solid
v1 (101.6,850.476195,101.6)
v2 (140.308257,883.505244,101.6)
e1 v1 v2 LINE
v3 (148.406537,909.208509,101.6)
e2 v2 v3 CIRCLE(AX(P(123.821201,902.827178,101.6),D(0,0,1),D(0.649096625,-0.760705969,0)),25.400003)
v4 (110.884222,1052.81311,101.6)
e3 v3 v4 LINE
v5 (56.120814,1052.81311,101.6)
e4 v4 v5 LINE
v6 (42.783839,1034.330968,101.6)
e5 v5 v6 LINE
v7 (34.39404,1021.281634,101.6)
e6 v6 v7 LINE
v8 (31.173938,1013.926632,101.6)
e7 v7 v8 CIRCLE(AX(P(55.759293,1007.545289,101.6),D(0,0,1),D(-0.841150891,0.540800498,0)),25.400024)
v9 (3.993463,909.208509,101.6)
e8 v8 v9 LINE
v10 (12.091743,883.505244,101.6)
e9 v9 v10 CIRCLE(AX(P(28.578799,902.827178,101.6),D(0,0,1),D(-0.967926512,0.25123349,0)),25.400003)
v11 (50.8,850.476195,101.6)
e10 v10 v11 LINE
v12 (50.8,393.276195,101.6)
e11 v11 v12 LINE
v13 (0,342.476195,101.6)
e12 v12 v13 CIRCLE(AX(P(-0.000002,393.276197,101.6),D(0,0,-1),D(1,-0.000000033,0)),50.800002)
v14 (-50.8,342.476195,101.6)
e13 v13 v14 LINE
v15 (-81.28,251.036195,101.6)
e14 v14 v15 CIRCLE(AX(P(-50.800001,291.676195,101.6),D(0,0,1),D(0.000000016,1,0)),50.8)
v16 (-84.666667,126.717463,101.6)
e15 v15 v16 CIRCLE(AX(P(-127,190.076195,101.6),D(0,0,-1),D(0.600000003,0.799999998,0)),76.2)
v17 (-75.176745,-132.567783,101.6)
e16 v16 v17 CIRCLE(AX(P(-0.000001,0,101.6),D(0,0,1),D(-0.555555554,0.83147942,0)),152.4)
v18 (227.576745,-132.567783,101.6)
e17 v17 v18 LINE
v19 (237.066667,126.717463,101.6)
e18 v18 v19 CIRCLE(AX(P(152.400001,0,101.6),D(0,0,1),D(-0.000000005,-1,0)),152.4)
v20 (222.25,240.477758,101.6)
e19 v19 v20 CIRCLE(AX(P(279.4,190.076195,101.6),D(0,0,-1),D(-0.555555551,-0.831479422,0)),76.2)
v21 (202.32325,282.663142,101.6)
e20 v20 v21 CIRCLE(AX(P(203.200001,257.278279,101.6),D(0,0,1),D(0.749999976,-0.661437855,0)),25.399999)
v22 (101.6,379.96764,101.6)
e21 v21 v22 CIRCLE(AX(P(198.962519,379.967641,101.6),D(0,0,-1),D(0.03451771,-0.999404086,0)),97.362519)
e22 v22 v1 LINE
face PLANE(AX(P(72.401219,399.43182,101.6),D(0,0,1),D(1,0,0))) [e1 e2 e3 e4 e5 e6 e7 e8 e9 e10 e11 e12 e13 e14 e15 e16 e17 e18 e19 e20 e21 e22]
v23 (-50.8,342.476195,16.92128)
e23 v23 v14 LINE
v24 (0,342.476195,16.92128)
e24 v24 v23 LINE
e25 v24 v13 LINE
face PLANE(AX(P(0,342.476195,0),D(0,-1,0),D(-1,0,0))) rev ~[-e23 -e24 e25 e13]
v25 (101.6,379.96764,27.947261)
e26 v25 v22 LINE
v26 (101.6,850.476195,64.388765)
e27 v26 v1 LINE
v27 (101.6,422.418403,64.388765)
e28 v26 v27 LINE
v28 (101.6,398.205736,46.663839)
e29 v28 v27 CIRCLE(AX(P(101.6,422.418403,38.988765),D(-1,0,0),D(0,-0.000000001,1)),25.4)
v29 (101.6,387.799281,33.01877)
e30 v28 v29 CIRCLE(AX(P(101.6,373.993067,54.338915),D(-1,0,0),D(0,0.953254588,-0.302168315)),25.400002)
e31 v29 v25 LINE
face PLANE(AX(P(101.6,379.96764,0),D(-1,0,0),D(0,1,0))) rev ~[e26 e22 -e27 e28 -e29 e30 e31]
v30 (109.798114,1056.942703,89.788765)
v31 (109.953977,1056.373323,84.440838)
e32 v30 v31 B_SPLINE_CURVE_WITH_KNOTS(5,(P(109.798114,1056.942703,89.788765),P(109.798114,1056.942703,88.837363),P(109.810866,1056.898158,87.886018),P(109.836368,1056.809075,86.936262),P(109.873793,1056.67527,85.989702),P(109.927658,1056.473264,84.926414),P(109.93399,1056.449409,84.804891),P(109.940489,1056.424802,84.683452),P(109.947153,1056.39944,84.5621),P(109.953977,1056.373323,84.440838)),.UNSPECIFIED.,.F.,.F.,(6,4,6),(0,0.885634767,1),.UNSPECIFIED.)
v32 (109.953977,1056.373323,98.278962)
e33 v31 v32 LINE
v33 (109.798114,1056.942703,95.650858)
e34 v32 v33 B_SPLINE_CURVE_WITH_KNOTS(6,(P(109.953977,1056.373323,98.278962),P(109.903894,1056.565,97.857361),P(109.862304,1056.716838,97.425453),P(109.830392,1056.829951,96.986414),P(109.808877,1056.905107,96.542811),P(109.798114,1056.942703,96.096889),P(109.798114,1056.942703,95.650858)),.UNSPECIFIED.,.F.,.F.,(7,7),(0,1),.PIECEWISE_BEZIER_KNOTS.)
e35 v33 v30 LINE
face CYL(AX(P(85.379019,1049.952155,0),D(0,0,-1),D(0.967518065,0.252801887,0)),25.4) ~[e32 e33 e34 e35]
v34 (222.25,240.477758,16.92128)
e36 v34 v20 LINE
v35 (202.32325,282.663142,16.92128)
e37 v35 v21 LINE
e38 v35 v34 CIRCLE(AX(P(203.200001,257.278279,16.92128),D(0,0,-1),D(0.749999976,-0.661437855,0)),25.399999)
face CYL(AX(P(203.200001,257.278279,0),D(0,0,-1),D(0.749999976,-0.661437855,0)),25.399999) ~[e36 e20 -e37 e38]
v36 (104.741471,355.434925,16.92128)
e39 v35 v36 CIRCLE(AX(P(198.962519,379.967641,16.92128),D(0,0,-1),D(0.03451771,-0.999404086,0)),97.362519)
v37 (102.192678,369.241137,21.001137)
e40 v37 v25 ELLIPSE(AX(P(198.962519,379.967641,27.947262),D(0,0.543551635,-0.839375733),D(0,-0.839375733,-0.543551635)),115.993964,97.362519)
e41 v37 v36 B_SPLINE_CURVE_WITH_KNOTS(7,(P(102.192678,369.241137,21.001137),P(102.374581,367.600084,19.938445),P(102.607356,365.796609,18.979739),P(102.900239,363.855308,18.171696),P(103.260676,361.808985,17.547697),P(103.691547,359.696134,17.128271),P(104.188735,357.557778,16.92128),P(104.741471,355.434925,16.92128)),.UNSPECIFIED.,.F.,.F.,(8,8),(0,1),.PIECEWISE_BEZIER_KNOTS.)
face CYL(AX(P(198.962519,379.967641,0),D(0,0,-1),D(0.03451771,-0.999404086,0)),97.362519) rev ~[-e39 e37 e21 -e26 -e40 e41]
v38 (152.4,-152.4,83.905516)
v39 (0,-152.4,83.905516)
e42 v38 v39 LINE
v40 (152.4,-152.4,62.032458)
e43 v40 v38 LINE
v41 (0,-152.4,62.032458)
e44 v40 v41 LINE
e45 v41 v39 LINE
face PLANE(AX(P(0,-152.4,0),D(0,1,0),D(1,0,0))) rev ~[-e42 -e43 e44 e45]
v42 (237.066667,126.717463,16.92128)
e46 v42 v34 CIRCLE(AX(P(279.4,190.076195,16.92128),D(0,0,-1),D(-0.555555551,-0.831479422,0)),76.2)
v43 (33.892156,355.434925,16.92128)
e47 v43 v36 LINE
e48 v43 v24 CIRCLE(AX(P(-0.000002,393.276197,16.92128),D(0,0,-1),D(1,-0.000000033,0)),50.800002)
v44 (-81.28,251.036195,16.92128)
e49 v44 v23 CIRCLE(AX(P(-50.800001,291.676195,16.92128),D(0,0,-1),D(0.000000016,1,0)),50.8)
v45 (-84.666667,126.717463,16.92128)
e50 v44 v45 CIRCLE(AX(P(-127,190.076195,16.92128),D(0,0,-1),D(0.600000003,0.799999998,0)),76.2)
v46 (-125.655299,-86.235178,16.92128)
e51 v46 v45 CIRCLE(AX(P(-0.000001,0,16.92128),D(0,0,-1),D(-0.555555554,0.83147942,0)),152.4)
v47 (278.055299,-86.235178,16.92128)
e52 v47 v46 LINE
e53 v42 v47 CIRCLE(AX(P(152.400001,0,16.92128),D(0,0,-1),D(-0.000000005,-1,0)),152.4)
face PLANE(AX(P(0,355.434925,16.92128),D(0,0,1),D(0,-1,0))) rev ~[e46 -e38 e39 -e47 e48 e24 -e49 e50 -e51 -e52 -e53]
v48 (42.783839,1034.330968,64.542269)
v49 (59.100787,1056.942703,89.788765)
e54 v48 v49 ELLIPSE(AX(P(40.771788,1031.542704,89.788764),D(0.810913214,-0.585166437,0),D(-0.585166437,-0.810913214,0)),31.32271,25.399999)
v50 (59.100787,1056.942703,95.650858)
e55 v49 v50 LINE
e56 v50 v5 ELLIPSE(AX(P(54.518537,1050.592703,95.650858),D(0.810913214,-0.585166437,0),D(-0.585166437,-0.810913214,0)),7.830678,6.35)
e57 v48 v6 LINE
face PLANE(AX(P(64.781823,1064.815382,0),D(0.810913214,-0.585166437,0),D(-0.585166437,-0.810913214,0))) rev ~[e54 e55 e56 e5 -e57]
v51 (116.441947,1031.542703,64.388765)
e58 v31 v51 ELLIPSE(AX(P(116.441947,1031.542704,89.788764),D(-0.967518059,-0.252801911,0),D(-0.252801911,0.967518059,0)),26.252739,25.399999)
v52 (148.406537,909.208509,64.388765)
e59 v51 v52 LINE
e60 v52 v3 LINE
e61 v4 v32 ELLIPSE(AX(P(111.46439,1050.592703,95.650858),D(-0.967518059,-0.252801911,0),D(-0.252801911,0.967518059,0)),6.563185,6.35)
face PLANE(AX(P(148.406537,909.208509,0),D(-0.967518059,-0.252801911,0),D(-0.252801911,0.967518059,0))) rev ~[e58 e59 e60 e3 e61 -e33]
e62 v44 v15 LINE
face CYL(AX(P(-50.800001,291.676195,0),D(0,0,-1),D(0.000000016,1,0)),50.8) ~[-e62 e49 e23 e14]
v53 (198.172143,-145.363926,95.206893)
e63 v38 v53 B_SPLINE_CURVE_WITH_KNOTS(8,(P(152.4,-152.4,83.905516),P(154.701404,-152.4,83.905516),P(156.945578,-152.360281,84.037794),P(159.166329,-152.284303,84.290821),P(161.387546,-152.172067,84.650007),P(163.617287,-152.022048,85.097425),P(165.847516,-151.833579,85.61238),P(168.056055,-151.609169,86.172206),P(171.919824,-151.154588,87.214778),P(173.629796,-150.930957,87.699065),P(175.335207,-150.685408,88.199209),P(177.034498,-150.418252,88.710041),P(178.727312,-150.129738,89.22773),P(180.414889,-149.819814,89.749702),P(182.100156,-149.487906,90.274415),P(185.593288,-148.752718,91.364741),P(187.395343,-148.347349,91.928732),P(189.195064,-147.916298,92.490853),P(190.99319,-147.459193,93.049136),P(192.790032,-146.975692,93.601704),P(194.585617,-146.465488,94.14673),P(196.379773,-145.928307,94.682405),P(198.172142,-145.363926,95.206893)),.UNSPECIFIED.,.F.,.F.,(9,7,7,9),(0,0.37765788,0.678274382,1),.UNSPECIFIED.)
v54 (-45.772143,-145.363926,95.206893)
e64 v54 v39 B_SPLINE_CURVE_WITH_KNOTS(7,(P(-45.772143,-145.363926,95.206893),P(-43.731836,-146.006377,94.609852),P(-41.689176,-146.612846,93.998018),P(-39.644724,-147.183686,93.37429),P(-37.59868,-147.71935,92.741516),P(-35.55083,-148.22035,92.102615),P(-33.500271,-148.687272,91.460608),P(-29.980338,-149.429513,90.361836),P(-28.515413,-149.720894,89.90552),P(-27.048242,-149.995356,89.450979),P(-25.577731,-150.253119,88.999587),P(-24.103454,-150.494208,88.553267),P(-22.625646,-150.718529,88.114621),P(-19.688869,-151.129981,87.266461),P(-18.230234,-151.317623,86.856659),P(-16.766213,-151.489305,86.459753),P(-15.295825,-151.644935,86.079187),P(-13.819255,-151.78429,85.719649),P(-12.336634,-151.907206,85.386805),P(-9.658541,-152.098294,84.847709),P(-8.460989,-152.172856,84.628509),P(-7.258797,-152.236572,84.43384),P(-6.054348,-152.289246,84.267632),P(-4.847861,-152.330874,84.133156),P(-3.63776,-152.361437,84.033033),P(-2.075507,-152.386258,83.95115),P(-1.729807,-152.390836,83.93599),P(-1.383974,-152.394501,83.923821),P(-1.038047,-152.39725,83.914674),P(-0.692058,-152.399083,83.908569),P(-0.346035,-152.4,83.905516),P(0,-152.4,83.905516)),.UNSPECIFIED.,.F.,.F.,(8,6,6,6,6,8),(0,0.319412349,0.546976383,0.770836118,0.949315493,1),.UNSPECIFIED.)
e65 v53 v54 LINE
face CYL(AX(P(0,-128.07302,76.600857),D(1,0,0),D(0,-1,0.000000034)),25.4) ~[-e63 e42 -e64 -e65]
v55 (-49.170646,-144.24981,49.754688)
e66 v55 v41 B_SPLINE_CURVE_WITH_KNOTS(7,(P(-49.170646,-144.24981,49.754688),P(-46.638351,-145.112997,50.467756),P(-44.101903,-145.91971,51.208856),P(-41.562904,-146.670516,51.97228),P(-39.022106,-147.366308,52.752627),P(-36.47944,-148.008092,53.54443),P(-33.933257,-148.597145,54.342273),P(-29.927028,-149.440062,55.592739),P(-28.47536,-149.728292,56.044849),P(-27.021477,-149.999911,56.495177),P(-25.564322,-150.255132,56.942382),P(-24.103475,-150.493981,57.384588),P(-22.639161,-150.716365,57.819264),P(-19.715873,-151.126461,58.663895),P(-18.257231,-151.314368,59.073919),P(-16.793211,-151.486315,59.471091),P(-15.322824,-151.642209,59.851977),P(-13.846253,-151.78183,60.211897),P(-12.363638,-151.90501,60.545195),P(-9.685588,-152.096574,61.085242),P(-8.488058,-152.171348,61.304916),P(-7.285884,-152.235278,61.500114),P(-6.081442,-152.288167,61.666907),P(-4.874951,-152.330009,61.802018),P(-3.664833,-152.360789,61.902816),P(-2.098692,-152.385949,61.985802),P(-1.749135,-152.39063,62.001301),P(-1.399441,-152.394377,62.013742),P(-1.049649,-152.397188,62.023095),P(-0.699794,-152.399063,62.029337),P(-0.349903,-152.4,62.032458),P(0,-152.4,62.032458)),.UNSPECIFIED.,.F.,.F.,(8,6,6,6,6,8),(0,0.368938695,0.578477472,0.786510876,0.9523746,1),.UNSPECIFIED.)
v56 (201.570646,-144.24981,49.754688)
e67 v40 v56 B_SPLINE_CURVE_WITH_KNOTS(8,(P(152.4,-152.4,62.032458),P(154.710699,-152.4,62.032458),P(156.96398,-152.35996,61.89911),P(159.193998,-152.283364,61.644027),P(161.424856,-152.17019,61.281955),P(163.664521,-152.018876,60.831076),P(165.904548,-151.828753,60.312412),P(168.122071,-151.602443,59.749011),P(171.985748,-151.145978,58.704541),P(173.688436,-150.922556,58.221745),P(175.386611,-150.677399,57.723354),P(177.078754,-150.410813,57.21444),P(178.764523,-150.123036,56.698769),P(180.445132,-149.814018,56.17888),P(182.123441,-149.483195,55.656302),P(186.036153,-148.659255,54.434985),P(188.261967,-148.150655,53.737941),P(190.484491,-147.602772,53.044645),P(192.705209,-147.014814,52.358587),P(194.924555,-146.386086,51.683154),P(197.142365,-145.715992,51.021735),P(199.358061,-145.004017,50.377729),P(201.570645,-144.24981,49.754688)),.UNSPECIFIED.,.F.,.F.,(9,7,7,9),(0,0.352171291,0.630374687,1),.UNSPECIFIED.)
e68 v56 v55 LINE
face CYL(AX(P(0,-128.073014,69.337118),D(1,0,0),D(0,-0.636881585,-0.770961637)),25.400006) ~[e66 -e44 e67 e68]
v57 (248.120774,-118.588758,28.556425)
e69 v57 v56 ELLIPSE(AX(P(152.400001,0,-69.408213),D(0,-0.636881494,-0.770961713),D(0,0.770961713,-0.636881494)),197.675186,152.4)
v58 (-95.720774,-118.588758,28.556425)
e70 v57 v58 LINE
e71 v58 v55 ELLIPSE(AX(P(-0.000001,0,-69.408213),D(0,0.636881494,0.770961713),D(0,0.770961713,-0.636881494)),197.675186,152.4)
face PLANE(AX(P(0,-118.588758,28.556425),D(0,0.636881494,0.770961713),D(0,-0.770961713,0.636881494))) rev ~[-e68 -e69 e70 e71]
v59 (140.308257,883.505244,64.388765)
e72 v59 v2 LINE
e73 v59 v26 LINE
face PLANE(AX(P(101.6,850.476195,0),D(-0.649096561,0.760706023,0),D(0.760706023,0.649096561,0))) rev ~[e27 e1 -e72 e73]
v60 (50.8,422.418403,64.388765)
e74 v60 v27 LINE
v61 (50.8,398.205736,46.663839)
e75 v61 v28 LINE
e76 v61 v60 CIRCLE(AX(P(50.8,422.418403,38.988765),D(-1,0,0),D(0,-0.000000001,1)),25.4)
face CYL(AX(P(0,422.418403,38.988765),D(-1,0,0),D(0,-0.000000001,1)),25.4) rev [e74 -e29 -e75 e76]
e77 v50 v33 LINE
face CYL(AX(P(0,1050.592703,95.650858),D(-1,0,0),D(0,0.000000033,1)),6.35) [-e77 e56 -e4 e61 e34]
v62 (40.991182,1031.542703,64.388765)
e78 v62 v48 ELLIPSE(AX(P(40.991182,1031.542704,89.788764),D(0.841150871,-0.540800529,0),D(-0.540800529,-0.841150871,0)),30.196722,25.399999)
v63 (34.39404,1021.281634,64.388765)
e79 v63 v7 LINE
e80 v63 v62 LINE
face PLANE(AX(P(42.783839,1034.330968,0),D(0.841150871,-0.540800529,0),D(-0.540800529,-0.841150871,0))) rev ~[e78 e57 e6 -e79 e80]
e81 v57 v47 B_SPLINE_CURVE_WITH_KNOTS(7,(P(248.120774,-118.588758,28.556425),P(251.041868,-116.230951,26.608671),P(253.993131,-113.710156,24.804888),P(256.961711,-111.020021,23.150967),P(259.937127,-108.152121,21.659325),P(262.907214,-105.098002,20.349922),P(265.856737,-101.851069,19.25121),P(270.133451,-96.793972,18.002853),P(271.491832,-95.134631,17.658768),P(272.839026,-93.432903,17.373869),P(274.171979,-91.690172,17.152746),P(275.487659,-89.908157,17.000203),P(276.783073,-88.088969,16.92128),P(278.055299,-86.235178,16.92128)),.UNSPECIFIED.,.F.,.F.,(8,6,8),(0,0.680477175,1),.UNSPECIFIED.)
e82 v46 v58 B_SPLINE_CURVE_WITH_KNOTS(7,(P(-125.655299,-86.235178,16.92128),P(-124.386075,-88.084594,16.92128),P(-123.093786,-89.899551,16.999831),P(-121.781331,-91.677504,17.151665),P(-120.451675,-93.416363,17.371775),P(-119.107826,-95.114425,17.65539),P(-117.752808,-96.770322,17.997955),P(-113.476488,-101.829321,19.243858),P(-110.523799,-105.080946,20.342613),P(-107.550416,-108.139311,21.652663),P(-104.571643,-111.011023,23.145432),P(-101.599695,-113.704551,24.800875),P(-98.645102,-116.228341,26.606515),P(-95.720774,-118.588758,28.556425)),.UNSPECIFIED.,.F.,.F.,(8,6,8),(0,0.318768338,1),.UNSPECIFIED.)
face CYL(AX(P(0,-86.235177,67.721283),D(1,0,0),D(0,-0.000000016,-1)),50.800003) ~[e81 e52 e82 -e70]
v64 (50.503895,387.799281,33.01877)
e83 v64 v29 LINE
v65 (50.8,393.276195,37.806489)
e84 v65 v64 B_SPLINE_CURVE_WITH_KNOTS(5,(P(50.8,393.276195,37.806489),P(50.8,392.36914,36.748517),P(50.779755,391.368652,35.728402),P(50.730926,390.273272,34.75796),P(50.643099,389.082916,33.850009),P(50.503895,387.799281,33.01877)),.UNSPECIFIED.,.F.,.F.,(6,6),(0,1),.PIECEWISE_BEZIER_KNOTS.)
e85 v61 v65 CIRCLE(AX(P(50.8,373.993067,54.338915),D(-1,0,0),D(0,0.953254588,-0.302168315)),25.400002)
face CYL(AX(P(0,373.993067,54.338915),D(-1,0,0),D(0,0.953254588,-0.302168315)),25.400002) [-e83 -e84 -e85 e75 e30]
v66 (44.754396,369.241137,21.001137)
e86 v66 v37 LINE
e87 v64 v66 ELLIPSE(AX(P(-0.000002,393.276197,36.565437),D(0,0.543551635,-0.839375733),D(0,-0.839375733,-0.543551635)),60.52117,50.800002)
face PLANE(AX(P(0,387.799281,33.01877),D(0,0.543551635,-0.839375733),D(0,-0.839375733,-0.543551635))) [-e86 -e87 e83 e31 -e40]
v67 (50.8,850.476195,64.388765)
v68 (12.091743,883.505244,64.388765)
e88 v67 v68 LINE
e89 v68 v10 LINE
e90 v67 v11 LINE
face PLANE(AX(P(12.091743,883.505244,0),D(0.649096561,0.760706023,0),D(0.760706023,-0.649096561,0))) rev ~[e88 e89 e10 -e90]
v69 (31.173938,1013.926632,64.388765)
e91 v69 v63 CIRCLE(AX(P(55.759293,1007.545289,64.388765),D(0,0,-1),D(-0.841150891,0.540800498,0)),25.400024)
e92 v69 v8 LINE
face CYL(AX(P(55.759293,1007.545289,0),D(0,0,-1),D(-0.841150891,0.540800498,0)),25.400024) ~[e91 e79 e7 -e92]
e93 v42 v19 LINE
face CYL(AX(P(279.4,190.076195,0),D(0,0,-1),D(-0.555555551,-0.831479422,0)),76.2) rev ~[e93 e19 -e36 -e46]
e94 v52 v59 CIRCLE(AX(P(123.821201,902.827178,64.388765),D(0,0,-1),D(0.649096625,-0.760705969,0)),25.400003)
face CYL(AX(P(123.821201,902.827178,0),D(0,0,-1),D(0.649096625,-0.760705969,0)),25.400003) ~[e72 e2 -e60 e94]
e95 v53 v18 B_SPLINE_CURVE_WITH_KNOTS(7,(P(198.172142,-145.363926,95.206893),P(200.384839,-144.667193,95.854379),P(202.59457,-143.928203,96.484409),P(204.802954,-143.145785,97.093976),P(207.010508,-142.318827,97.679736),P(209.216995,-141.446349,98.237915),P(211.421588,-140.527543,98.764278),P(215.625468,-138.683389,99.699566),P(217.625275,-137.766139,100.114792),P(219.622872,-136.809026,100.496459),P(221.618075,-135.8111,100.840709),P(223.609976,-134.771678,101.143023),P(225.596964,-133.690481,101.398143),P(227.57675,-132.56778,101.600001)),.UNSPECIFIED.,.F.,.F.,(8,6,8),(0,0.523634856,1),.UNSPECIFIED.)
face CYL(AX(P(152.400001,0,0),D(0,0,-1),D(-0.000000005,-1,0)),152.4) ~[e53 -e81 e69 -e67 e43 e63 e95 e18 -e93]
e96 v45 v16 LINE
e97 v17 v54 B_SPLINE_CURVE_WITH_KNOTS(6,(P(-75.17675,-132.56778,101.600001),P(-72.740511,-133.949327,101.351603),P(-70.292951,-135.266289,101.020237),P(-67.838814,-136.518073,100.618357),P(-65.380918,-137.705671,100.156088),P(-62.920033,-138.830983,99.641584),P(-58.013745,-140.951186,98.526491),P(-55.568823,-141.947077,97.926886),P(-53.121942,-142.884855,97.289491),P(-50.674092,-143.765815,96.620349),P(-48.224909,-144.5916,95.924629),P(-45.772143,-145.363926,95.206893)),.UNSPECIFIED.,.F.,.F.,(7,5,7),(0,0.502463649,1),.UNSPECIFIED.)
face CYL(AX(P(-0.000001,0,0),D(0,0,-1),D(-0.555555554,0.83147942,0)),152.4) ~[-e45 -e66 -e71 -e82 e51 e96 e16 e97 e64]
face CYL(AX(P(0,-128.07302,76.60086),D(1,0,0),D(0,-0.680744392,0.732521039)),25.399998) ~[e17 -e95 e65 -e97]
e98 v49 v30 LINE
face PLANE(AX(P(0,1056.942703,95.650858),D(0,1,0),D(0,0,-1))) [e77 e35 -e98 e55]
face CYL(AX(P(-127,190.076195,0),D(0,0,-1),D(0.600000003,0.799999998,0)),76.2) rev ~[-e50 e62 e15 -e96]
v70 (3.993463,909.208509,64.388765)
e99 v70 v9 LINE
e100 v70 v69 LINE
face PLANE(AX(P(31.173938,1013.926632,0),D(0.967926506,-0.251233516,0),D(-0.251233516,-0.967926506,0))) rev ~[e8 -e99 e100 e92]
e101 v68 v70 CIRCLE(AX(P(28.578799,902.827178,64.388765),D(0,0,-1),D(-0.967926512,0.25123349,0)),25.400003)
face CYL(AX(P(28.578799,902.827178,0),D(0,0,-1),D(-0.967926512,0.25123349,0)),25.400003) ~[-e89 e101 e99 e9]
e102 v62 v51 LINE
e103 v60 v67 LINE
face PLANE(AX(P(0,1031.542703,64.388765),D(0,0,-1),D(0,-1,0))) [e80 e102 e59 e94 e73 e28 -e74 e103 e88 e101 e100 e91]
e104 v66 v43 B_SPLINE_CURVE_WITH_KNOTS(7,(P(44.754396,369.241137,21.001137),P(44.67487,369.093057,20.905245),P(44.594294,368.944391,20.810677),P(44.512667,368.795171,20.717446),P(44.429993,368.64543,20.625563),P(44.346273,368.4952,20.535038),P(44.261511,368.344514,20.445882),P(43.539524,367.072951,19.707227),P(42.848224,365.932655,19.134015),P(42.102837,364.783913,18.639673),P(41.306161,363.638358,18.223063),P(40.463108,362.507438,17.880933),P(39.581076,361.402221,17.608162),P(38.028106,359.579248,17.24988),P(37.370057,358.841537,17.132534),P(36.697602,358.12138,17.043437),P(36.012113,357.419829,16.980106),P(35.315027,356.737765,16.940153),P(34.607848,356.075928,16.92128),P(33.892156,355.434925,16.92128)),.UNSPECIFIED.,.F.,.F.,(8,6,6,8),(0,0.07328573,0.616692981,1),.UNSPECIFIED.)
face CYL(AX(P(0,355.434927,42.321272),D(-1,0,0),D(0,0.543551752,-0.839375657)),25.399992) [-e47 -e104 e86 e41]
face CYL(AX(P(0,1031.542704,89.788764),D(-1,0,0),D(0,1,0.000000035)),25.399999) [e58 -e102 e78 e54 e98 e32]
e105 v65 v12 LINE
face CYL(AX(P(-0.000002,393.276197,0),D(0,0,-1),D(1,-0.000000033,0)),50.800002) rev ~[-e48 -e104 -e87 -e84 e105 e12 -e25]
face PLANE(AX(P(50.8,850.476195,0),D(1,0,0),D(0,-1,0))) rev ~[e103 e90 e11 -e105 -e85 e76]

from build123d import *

# Parameters (mm, degrees)
F1_DEPTH = 101.6
F2_W     = 1257.021352
F2_H     = 189.658009
F3_DEPTH = 304.801
F4_DEPTH = 152.401


with BuildPart() as f1:
    # F0 (on Top) → F1 (new body)
    with BuildSketch(Plane.XY):
        with BuildLine():
            ThreePointArc((-81.28, 251.036195), (-50.828259, 188.00114), (-84.666667, 126.717463))
            ThreePointArc((-84.666667, 126.717463), (-145.838098, -44.238098), (0, -152.4))
            Line((0, -152.4), (152.4, -152.4))
            ThreePointArc((152.4, -152.4), (298.238098, -44.238098), (237.066667, 126.717463))
            ThreePointArc((237.066667, 126.717463), (203.838207, 180.234678), (222.25, 240.477758))
            ThreePointArc((222.25, 240.477758), (226.166681, 268.126854), (202.32325, 282.663142))
            ThreePointArc((202.32325, 282.663142), (131.315454, 309.943826), (101.6, 379.96764))
            Line((101.6, 379.96764), (101.6, 850.476195))
            Line((101.6, 850.476195), (140.308257, 883.505244))
            ThreePointArc((140.308257, 883.505244), (148.047216, 895.194332), (148.406537, 909.208509))
            Line((148.406537, 909.208509), (109.953977, 1056.373323))
            ThreePointArc((109.953977, 1056.373323), (90.045146, 1074.919879), (64.781823, 1064.815382))
            Line((64.781823, 1064.815382), (42.783839, 1034.330968))
            Line((42.783839, 1034.330968), (34.39404, 1021.281634))
            ThreePointArc((34.39404, 1021.281634), (32.491534, 1017.732173), (31.173938, 1013.926632))
            Line((31.173938, 1013.926632), (3.993463, 909.208509))
            ThreePointArc((3.993463, 909.208509), (4.352784, 895.194332), (12.091743, 883.505244))
            Line((12.091743, 883.505244), (50.8, 850.476195))
            Line((50.8, 850.476195), (50.8, 393.276195))
            ThreePointArc((50.8, 393.276195), (35.921024, 357.355171), (0, 342.476195))
            Line((0, 342.476195), (-50.8, 342.476195))
            ThreePointArc((-50.8, 342.476195), (-98.993112, 307.740566), (-81.28, 251.036195))
        make_face()
    extrude(amount=F1_DEPTH)

    # F2 (on Right) → F3 (cut, through all)
    with BuildSketch(Plane.YZ):
        with Locations((456.159748, 22.18328)):
            Rectangle(F2_W, F2_H)
        with BuildLine():
            ThreePointArc((1056.942703, 89.788765), (1049.503216, 71.828253), (1031.542703, 64.388765))
            Line((1031.542703, 64.388765), (422.418403, 64.388765))
            ThreePointArc((422.418403, 64.388765), (407.414851, 59.48397), (398.205736, 46.663839))
            ThreePointArc((398.205736, 46.663839), (394.189746, 38.935854), (387.799281, 33.01877))
            Line((387.799281, 33.01877), (369.241137, 21.001137))
            ThreePointArc((369.241137, 21.001137), (362.633132, 17.962589), (355.434925, 16.92128))
            Line((355.434925, 16.92128), (-86.235178, 16.92128))
            ThreePointArc((-86.235178, 16.92128), (-103.426242, 19.918484), (-118.588758, 28.556425))
            Line((-118.588758, 28.556425), (-144.24981, 49.754688))
            ThreePointArc((-144.24981, 49.754688), (-151.051819, 58.514234), (-153.47302, 69.337115))
            Line((-153.47302, 69.337115), (-153.47302, 76.600858))
            ThreePointArc((-153.47302, 76.600858), (-151.357661, 86.749034), (-145.363926, 95.206893))
            ThreePointArc((-145.363926, 95.206893), (-137.361903, 100.24143), (-128.07302, 102.000858))
            Line((-128.07302, 102.000858), (1050.592703, 102.000858))
            ThreePointArc((1050.592703, 102.000858), (1055.082831, 100.140986), (1056.942703, 95.650858))
            Line((1056.942703, 95.650858), (1056.942703, 89.788765))
        make_face(mode=Mode.SUBTRACT)
    extrude(amount=F3_DEPTH, mode=Mode.SUBTRACT)

    # F2 (on Right) → F4 (cut, through all)
    with BuildSketch(Plane.YZ):
        with Locations((456.159748, 22.18328)):
            Rectangle(F2_W, F2_H)
        with BuildLine():
            ThreePointArc((1056.942703, 89.788765), (1049.503216, 71.828253), (1031.542703, 64.388765))
            Line((1031.542703, 64.388765), (422.418403, 64.388765))
            ThreePointArc((422.418403, 64.388765), (407.414851, 59.48397), (398.205736, 46.663839))
            ThreePointArc((398.205736, 46.663839), (394.189746, 38.935854), (387.799281, 33.01877))
            Line((387.799281, 33.01877), (369.241137, 21.001137))
            ThreePointArc((369.241137, 21.001137), (362.633132, 17.962589), (355.434925, 16.92128))
            Line((355.434925, 16.92128), (-86.235178, 16.92128))
            ThreePointArc((-86.235178, 16.92128), (-103.426242, 19.918484), (-118.588758, 28.556425))
            Line((-118.588758, 28.556425), (-144.24981, 49.754688))
            ThreePointArc((-144.24981, 49.754688), (-151.051819, 58.514234), (-153.47302, 69.337115))
            Line((-153.47302, 69.337115), (-153.47302, 76.600858))
            ThreePointArc((-153.47302, 76.600858), (-151.357661, 86.749034), (-145.363926, 95.206893))
            ThreePointArc((-145.363926, 95.206893), (-137.361903, 100.24143), (-128.07302, 102.000858))
            Line((-128.07302, 102.000858), (1050.592703, 102.000858))
            ThreePointArc((1050.592703, 102.000858), (1055.082831, 100.140986), (1056.942703, 95.650858))
            Line((1056.942703, 95.650858), (1056.942703, 89.788765))
        make_face(mode=Mode.SUBTRACT)
    extrude(amount=-F4_DEPTH, mode=Mode.SUBTRACT)


solid = f1.part
